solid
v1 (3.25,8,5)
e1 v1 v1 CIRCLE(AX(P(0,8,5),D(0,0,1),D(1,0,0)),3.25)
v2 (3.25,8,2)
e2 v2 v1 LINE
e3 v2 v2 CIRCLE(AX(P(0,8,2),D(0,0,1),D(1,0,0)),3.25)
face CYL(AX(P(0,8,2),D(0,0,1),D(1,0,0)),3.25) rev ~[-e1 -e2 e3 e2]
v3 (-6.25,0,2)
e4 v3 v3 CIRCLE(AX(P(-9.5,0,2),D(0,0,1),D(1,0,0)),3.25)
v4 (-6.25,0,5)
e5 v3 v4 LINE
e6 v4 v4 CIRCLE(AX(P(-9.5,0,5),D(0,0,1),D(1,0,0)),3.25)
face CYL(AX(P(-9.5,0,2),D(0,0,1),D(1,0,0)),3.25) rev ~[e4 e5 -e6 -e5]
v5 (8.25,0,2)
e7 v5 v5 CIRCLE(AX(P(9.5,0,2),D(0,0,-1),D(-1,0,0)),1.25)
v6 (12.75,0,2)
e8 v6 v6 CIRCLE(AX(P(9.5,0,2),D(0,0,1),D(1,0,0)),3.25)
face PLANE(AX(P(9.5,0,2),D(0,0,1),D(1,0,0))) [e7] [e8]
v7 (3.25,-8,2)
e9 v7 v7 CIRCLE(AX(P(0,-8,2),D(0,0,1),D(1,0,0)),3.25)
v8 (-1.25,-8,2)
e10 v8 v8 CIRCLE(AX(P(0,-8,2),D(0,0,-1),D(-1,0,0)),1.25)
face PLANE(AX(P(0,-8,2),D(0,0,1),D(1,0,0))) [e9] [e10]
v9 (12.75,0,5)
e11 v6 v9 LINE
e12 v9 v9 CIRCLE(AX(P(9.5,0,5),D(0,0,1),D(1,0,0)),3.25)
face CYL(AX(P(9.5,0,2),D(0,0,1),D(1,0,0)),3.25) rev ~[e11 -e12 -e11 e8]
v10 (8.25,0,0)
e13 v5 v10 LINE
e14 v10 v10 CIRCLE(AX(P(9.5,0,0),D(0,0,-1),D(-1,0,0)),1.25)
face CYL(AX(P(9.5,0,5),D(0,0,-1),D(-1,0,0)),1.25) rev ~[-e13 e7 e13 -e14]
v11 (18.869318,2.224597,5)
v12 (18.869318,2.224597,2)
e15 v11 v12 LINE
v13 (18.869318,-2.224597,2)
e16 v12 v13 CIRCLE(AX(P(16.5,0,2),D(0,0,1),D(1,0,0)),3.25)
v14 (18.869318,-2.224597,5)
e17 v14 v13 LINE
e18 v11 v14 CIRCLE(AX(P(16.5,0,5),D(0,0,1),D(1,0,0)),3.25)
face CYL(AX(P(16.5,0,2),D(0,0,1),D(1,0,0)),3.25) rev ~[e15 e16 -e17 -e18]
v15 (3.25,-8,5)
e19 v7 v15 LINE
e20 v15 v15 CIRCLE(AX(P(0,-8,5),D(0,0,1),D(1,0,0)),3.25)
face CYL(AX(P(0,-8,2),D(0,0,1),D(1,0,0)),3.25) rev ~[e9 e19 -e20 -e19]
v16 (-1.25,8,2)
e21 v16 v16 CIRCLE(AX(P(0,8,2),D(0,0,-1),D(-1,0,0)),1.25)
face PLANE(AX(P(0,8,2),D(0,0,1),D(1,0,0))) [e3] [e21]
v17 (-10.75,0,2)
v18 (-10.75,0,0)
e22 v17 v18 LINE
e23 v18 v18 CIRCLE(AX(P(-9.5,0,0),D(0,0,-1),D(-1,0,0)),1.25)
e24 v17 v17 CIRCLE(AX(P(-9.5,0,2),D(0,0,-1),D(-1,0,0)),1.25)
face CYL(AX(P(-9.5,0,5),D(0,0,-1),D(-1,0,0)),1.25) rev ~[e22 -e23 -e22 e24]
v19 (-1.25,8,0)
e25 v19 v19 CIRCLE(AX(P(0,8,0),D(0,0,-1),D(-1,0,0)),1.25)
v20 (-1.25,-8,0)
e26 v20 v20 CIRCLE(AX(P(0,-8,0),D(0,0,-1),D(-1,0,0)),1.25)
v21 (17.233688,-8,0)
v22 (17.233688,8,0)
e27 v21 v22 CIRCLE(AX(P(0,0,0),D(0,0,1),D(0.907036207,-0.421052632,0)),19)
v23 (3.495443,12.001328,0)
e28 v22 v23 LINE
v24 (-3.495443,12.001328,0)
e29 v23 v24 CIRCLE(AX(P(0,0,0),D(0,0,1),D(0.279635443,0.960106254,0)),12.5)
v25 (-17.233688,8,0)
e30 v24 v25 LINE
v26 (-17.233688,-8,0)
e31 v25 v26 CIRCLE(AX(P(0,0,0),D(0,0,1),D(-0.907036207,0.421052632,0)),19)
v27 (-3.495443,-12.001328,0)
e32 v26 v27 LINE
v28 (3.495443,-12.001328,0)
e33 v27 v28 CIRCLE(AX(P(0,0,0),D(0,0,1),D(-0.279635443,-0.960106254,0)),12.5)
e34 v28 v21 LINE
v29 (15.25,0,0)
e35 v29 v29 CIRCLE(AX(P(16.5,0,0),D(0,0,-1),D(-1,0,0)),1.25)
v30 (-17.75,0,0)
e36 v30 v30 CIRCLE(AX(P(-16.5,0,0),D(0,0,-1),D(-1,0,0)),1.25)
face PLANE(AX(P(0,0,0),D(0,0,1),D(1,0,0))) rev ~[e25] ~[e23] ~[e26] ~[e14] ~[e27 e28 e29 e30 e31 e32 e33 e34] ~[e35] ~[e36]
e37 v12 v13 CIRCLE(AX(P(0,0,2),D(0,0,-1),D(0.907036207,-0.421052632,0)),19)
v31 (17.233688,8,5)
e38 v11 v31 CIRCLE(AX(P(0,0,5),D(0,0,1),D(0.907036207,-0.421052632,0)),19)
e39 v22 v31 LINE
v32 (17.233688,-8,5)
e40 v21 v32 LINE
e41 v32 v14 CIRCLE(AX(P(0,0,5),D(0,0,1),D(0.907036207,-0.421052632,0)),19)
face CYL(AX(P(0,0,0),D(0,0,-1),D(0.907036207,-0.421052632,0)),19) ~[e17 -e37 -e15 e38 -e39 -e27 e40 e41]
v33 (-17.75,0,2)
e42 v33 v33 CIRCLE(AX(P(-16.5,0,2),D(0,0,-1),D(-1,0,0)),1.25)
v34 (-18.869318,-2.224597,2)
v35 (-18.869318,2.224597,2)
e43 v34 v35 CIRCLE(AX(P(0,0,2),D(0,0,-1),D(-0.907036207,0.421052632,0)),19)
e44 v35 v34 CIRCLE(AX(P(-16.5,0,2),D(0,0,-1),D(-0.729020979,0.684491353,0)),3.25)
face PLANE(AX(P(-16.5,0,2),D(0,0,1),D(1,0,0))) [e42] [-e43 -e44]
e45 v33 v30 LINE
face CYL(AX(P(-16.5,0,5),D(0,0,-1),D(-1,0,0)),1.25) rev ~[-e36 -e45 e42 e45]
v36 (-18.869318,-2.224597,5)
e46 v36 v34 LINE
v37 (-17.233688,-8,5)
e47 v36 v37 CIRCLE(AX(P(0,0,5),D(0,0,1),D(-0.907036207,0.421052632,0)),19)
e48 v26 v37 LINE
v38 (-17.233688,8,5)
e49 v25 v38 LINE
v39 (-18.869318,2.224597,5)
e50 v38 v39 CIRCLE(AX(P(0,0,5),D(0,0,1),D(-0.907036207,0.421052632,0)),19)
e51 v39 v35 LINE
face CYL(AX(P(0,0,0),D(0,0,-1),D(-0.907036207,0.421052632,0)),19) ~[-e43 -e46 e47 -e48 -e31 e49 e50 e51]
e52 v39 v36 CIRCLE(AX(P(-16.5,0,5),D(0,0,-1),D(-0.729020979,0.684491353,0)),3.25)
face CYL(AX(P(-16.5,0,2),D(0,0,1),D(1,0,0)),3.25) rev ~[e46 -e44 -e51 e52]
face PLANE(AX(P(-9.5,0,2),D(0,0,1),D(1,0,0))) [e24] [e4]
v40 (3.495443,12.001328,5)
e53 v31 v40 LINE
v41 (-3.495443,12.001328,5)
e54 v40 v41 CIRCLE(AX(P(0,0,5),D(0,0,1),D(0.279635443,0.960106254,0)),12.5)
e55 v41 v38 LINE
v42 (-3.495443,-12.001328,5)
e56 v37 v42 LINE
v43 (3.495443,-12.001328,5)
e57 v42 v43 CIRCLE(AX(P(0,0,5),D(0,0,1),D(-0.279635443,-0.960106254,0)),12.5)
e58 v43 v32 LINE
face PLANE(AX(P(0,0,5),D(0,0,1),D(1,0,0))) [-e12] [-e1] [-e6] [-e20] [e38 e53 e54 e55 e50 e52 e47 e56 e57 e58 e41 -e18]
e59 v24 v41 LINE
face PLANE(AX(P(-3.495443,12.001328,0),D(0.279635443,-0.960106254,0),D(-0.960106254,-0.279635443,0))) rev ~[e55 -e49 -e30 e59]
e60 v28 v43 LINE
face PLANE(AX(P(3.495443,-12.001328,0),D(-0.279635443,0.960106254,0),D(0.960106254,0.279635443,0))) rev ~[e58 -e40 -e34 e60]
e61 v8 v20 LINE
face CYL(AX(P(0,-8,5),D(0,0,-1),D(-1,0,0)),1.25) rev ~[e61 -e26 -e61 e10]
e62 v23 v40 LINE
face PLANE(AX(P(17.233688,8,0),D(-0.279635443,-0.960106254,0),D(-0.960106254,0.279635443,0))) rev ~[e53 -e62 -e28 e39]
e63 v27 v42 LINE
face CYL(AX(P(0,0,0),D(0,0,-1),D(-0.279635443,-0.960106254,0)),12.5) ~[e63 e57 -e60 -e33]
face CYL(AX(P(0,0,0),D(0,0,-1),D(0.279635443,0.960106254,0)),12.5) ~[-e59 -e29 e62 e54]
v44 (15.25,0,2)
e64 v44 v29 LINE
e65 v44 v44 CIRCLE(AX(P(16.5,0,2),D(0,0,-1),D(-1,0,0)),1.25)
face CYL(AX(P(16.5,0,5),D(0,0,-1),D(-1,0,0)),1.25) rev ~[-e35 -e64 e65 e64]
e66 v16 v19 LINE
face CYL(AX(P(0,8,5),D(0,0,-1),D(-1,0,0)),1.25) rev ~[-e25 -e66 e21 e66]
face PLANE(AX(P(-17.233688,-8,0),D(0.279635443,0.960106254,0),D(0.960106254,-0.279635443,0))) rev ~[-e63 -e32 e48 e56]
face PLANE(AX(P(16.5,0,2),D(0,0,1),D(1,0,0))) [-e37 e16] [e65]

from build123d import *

# Parameters (mm, degrees)
F1_DEPTH       = 5
F3_D           = 2.5
F3_CBORE_D     = 6.5
F3_CBORE_DEPTH = 3


with BuildPart() as f1:
    # F0 (on Top) → F1 (new body)
    with BuildSketch(Plane.XY):
        with BuildLine():
            Line((-3.4954430428, 12.0013281738), (-17.2336879396, 8))
            ThreePointArc((-17.2336879396, 8), (-19, 0), (-17.2336879396, -8))
            Line((-17.2336879396, -8), (-3.4954430428, -12.0013281738))
            ThreePointArc((-3.4954430428, -12.0013281738), (0, -12.5), (3.4954430428, -12.0013281738))
            Line((3.4954430428, -12.0013281738), (17.2336879396, -8))
            ThreePointArc((17.2336879396, -8), (19, 0), (17.2336879396, 8))
            Line((17.2336879396, 8), (3.4954430428, 12.0013281738))
            ThreePointArc((3.4954430428, 12.0013281738), (0, 12.5), (-3.4954430428, 12.0013281738))
        make_face()
    extrude(amount=F1_DEPTH)

    # F3 (through all)
    with Locations(Plane.XY.offset(5)):
        with Locations((-9.5, 0), (0, 8), (9.5, 0), (0, -8), (-16.5, 0), (16.5, 0)):
            CounterBoreHole(F3_D / 2, F3_CBORE_D / 2, F3_CBORE_DEPTH)


solid = f1.part
